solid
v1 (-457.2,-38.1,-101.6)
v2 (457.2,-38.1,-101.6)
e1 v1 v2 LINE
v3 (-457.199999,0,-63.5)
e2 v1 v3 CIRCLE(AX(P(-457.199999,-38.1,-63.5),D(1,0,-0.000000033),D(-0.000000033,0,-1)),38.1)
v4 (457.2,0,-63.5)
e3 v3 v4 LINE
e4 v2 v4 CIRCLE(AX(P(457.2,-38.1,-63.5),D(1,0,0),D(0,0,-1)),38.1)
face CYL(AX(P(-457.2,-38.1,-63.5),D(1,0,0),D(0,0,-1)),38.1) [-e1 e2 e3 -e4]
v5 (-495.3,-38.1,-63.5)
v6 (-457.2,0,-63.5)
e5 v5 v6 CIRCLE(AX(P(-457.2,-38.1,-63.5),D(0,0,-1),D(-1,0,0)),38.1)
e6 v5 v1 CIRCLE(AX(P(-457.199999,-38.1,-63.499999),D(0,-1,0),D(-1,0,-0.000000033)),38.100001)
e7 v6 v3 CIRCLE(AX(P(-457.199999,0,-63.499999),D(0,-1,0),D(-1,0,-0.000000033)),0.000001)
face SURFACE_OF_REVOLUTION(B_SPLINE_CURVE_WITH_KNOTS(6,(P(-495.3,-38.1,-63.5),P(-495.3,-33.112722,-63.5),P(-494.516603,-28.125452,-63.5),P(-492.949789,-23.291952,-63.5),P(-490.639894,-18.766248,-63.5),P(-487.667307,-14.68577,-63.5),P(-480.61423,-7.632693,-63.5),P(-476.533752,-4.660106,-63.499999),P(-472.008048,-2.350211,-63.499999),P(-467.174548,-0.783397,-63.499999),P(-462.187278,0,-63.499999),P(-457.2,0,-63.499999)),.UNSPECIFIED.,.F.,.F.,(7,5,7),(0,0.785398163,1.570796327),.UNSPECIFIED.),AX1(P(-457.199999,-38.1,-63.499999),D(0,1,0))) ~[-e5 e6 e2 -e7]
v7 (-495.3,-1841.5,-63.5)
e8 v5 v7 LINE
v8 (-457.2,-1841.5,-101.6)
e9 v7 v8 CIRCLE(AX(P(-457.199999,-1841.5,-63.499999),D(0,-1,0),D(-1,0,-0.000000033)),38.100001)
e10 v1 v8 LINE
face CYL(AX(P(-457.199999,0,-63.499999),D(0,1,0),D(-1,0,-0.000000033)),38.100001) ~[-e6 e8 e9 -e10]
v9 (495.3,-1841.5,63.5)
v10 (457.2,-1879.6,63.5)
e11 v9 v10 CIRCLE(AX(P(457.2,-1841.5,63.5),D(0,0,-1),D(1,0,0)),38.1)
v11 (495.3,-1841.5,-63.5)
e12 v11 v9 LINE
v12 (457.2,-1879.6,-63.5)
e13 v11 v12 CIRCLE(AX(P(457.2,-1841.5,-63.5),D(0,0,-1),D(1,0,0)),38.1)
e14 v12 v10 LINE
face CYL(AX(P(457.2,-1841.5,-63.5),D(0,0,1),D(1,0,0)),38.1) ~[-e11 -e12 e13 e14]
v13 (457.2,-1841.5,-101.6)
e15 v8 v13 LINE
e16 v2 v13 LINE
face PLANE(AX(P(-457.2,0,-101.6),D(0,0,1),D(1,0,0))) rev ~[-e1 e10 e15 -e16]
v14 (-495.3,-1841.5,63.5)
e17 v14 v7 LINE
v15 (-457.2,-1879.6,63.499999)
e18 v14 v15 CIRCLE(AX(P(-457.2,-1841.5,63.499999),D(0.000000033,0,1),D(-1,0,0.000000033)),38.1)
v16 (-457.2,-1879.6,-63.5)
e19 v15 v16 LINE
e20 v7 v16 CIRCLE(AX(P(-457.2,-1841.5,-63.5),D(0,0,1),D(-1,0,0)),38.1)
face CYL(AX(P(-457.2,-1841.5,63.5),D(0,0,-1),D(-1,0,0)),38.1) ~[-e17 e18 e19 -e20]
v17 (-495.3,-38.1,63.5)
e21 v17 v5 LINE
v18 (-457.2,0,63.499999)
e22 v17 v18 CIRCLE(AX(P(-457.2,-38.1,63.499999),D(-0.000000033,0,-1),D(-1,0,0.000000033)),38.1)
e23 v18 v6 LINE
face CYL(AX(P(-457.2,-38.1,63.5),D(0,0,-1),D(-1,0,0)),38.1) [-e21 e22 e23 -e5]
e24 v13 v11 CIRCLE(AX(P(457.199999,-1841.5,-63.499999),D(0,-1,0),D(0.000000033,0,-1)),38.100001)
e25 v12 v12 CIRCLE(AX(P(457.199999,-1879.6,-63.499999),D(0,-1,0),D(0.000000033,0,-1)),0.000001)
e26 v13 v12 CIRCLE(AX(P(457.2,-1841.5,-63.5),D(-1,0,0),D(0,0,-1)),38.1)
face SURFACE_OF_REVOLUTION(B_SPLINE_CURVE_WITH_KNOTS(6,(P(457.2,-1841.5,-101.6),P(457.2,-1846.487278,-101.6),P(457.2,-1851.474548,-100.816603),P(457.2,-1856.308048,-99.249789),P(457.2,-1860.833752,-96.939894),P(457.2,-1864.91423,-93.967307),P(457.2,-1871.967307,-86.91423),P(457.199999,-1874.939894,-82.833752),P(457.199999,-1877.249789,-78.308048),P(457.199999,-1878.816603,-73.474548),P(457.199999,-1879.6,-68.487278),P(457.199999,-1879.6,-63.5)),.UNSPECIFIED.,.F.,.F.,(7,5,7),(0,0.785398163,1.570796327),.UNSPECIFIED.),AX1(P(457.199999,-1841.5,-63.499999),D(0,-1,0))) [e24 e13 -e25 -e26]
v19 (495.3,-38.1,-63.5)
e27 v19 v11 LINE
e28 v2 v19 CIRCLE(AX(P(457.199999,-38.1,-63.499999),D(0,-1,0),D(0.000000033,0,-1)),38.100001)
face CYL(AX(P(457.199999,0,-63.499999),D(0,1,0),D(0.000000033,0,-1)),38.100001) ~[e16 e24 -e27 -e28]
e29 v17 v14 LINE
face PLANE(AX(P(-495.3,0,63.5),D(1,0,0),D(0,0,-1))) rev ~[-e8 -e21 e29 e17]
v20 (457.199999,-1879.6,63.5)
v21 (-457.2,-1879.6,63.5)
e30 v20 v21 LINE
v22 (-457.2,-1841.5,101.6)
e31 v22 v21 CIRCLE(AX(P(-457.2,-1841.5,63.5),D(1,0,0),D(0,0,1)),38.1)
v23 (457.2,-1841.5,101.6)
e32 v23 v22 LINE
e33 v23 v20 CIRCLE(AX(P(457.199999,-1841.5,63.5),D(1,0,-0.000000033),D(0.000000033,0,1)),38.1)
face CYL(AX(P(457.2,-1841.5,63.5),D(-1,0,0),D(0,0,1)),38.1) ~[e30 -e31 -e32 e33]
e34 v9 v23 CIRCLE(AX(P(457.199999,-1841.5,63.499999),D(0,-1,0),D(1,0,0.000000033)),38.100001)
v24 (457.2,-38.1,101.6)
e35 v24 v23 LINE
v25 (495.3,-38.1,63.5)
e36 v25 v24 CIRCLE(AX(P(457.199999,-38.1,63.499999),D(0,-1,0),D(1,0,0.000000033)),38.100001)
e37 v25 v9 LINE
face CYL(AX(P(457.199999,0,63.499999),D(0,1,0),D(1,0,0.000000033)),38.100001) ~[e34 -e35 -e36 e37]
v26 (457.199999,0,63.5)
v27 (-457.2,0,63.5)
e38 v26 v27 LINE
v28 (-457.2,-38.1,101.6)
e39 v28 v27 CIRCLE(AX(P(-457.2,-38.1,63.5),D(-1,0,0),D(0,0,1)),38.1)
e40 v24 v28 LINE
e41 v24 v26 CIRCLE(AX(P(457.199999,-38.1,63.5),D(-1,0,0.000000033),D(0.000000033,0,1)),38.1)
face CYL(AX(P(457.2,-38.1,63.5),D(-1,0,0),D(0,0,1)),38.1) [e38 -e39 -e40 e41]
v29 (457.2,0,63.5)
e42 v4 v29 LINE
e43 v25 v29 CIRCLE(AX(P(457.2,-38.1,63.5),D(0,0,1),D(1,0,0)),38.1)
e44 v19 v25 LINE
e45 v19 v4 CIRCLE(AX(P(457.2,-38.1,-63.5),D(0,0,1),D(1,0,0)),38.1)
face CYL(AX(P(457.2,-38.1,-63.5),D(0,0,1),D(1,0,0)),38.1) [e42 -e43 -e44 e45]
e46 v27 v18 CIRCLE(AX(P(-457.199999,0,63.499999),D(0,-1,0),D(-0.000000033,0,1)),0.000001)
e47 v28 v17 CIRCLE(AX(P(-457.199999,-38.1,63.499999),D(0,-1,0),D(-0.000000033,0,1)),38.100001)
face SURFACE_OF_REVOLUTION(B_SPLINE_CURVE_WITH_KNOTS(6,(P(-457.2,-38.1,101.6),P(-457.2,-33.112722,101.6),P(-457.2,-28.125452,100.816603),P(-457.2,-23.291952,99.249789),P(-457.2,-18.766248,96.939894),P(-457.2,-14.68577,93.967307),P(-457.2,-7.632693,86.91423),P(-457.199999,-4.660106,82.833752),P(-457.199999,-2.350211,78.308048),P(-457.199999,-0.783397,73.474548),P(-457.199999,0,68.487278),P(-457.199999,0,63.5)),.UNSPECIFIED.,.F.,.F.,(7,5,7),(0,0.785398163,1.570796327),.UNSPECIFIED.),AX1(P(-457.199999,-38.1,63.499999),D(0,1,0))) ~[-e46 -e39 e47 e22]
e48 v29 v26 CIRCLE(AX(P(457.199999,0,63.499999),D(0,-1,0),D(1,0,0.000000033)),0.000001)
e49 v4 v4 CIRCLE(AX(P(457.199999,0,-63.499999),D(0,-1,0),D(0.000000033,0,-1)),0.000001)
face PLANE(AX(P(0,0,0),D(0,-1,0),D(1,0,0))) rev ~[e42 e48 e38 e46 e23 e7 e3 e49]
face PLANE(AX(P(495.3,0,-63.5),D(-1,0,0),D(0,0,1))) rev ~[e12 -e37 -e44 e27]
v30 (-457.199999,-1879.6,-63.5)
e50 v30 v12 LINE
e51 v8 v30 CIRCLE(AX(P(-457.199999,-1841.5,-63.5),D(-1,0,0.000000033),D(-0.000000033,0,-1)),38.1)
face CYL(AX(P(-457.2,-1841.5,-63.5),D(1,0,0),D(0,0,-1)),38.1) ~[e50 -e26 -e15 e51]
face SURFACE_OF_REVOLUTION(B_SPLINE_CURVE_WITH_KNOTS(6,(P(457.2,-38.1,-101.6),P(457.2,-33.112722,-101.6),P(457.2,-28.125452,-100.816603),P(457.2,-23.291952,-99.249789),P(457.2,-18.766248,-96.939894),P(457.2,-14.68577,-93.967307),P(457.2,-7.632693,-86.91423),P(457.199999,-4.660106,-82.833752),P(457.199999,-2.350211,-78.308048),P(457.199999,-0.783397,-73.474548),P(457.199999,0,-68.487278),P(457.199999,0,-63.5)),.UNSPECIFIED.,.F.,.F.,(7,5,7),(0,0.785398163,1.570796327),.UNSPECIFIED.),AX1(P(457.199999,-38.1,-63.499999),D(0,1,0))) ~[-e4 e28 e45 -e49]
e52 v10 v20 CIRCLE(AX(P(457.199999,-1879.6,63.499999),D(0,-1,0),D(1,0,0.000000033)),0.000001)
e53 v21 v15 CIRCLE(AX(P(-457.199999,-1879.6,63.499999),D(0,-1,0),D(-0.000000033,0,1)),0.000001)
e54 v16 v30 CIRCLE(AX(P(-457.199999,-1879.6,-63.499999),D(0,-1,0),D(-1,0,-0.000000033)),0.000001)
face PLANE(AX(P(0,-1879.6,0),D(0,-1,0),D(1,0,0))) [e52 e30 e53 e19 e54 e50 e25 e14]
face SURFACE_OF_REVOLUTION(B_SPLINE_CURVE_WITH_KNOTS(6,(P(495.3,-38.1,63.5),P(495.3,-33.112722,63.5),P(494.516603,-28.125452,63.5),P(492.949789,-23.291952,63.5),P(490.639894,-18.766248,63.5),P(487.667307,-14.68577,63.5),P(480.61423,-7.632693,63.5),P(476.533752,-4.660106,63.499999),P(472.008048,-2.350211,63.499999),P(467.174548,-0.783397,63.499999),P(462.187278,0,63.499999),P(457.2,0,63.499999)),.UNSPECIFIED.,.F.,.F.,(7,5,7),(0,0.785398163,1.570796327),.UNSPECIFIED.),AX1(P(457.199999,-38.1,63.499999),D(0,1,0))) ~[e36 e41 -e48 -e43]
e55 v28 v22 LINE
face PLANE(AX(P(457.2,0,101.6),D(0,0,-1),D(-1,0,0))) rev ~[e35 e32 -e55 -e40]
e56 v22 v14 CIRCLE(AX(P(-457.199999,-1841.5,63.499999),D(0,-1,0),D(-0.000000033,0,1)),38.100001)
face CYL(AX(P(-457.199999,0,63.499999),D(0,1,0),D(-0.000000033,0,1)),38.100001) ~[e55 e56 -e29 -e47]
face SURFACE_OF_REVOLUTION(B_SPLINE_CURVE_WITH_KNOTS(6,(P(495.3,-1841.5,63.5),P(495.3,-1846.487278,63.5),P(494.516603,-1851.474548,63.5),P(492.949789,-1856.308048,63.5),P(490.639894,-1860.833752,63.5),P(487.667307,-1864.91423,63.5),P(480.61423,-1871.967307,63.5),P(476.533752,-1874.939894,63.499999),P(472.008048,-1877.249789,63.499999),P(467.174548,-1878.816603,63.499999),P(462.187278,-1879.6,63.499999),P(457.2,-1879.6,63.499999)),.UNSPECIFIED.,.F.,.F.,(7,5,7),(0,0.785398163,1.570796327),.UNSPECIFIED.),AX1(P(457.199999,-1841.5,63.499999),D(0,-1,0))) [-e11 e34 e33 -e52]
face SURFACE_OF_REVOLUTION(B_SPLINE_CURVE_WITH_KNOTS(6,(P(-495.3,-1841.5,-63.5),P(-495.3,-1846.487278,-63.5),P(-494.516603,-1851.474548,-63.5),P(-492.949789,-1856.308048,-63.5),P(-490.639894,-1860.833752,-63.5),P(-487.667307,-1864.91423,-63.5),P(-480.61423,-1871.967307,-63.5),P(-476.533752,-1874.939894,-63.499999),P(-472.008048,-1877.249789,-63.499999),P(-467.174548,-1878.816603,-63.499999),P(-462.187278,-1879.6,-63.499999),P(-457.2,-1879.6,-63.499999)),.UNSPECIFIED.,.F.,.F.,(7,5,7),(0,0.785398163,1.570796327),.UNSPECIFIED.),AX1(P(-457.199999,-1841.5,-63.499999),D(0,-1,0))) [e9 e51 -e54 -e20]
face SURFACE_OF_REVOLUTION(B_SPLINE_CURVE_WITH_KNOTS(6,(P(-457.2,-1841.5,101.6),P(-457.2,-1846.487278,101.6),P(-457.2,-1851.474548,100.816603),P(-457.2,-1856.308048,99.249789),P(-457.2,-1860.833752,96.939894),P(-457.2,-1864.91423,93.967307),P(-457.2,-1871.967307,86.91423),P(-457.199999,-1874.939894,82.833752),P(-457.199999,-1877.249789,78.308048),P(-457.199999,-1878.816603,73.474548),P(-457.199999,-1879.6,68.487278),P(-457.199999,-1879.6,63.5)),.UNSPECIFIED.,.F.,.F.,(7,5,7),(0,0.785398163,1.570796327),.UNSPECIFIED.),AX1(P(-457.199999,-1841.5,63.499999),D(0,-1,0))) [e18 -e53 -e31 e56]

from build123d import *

# Parameters (mm, degrees)
F1_DEPTH = 1879.6
F2_R     = 38.1


with BuildPart() as f1:
    # F0 (on Front) → F1 (new body)
    with BuildSketch(Plane.XZ):
        with BuildLine():
            Line((-457.2, -101.6), (457.2, -101.6))
            ThreePointArc((457.2, -101.6), (484.140768, -90.440768), (495.3, -63.5))
            Line((495.3, -63.5), (495.3, 63.5))
            ThreePointArc((495.3, 63.5), (484.140768, 90.440768), (457.2, 101.6))
            Line((457.2, 101.6), (-457.2, 101.6))
            ThreePointArc((-457.2, 101.6), (-484.140768, 90.440768), (-495.3, 63.5))
            Line((-495.3, 63.5), (-495.3, -63.5))
            ThreePointArc((-495.3, -63.5), (-484.140768, -90.440768), (-457.2, -101.6))
        make_face()
    extrude(amount=F1_DEPTH)

    # F2
    f2_edges = [f1.edges().sort_by_distance(p)[0] for p in [
        (495.3, -1879.6, 0),
        (457.2, -939.8, 101.6),
        (495.3, 0, 0),
    ]]
    fillet(f2_edges, radius=F2_R)


solid = f1.part
